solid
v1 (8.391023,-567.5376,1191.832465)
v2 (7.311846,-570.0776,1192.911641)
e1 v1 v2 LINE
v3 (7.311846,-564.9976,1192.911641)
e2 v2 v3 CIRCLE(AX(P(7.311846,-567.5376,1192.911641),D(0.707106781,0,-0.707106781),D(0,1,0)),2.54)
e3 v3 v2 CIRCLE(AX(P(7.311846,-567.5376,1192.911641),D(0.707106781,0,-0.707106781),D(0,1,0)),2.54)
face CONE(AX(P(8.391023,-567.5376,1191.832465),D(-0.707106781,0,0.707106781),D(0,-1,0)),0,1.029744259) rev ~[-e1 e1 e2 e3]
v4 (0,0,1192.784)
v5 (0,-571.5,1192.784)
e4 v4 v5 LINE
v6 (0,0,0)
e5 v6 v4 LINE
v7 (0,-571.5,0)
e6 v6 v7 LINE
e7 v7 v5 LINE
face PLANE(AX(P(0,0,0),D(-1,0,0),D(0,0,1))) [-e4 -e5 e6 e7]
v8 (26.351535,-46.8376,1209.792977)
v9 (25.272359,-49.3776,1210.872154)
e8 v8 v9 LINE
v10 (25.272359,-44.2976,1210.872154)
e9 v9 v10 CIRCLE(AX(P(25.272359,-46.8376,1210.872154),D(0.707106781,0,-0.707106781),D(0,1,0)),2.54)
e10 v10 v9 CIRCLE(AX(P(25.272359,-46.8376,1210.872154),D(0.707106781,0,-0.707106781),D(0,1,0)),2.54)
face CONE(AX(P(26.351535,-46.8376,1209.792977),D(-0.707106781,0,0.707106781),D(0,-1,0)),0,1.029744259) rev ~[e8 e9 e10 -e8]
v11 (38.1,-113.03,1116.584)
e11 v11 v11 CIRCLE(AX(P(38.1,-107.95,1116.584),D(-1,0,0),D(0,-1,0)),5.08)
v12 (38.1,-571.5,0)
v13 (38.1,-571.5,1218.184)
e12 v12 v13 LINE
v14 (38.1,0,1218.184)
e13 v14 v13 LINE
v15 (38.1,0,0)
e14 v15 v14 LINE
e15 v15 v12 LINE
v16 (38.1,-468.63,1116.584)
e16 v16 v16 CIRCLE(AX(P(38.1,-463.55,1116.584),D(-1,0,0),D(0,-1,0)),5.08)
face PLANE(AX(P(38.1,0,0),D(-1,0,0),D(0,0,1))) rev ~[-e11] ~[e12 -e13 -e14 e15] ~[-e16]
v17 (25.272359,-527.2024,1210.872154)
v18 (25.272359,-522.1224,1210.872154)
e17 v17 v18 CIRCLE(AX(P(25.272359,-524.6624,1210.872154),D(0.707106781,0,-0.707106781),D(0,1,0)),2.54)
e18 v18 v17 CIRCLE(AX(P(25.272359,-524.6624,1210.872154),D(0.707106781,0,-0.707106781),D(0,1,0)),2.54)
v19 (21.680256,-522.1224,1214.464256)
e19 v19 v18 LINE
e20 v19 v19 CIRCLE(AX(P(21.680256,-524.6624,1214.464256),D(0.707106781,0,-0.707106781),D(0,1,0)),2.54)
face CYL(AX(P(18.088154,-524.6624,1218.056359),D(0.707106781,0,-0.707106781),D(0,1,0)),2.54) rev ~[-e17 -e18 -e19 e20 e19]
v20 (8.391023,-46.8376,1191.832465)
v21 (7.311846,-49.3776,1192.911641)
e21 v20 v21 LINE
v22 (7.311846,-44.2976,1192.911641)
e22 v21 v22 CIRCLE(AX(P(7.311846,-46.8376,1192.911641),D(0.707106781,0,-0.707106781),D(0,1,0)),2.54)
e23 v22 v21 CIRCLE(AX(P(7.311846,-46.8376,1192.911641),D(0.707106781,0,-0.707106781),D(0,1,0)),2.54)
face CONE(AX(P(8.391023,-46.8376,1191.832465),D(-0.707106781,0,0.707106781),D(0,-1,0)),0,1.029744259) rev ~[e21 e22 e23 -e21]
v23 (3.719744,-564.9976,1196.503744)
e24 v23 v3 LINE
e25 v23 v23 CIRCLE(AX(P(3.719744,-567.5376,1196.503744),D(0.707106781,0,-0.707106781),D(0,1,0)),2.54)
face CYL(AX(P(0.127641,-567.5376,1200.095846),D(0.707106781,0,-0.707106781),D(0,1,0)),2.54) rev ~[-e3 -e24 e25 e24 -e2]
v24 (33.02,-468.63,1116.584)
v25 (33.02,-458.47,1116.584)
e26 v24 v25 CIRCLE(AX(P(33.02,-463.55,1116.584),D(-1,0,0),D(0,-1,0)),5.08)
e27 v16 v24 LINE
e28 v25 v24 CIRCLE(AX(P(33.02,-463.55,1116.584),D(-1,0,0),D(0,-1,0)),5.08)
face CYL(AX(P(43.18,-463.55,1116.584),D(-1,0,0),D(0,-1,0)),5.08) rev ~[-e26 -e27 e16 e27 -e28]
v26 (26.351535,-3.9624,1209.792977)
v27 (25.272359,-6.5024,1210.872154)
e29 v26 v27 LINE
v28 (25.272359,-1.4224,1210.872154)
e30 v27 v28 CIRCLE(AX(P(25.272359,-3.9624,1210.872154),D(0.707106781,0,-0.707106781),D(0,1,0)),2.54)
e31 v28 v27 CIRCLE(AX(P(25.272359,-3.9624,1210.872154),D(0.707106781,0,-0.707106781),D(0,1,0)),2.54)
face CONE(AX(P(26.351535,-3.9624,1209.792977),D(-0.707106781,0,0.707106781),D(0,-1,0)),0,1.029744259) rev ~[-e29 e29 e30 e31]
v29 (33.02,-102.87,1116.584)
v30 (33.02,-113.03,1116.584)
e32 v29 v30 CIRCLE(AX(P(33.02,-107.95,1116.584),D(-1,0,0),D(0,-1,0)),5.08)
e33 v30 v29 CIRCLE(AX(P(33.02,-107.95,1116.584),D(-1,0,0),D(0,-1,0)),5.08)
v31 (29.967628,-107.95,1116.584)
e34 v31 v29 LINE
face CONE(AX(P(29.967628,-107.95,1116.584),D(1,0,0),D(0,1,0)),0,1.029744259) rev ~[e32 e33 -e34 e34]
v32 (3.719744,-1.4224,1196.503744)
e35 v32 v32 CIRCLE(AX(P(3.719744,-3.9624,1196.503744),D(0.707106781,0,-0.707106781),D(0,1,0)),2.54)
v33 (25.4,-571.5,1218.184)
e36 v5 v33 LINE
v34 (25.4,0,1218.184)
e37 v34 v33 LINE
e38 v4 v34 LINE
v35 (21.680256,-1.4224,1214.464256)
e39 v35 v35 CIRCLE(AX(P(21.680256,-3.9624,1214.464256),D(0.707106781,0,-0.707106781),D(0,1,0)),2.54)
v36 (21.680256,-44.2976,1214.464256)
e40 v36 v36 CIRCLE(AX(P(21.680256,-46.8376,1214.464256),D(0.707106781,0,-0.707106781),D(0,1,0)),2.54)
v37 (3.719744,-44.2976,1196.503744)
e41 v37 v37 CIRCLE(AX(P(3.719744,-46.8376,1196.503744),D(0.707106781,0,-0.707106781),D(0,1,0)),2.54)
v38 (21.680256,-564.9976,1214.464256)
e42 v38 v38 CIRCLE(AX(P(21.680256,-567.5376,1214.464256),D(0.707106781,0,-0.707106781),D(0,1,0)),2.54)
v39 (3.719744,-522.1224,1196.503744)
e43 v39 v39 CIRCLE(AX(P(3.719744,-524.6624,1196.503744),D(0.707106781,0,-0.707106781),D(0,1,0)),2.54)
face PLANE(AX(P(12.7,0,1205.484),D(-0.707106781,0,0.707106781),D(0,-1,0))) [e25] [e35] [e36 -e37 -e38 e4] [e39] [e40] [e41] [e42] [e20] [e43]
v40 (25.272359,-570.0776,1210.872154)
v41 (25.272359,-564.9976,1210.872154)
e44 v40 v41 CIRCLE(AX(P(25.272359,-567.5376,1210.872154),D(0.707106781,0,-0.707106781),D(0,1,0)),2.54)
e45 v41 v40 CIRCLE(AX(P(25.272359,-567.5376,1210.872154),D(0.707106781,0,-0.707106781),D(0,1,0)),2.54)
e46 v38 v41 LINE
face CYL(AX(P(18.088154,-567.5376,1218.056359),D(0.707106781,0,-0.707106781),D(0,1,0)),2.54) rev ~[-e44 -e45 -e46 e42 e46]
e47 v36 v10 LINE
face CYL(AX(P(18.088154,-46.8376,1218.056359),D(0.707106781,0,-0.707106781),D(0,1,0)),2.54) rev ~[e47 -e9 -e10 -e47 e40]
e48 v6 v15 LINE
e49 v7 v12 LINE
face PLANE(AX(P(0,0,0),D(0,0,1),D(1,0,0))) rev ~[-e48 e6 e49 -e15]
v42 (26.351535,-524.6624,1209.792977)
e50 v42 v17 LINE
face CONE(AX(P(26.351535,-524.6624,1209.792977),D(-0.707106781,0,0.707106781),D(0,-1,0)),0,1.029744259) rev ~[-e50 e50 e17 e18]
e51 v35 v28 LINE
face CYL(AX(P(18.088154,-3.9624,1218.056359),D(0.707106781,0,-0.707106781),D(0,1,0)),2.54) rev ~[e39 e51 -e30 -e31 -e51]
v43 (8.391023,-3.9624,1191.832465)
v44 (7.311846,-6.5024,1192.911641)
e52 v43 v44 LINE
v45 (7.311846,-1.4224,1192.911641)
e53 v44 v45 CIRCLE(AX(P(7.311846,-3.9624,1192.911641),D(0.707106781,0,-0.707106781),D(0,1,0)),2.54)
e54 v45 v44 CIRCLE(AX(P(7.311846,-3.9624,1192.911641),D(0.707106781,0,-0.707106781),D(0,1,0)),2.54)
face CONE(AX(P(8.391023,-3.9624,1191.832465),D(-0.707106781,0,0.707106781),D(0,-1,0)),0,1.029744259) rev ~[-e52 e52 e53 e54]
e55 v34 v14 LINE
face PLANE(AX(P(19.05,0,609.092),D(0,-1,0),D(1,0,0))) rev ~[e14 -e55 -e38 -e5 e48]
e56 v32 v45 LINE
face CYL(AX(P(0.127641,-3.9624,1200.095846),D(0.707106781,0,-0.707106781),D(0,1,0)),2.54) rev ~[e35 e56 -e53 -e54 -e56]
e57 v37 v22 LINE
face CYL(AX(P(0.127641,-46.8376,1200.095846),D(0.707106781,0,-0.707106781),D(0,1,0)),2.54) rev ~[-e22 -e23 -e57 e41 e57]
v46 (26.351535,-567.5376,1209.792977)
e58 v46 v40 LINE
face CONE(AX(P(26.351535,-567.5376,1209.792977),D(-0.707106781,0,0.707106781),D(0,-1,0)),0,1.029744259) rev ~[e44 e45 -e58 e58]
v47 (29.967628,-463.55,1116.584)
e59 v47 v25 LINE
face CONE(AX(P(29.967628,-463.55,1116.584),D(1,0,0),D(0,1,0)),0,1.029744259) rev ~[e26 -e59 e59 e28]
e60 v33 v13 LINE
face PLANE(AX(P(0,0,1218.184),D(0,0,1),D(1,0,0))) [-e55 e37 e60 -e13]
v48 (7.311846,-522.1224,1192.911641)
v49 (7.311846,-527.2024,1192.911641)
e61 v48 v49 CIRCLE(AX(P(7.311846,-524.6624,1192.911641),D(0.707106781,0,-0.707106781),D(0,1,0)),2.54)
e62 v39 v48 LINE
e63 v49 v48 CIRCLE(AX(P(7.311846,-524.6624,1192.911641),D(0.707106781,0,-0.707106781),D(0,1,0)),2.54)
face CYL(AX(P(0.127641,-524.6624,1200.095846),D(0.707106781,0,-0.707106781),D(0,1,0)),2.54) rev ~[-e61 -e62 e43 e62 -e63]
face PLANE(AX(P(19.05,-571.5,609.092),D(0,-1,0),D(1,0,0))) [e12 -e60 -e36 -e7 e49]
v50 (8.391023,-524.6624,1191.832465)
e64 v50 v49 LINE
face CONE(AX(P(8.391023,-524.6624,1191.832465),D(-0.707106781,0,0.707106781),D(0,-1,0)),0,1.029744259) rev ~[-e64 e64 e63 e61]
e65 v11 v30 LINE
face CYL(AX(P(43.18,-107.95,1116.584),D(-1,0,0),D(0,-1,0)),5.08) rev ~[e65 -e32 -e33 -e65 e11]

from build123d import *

# Parameters (mm, degrees)
F0_W     = 38.1
F0_H     = 1218.184
F1_DEPTH = 571.5
F2_SIZE2 = 25.4
F2_SIZE  = 25.4
F4_D     = 5.08
F4_DEPTH = 5.08
F4_TIP   = 1.5261859723
F6_D     = 10.16
F6_DEPTH = 5.08
F6_TIP   = 3.0523719447


with BuildPart() as f1:
    # F0 (on Front) → F1 (new body)
    with BuildSketch(Plane.XZ):
        with Locations((19.05, 609.092)):
            Rectangle(F0_W, F0_H)
    extrude(amount=F1_DEPTH)

    # F2
    f2_edges = [f1.edges().sort_by_distance(p)[0] for p in [
        (0, -285.75, 1218.184),
    ]]
    chamfer(f2_edges, length=F2_SIZE, length2=F2_SIZE2)

    # F4
    with Locations(Plane(origin=(-596.392, 0, 596.392), x_dir=(0, -1, 0), z_dir=(-0.7071067812, 0, 0.7071067812))):
        with Locations((3.9624, 874.086167133), (3.9624, 848.686167133), (46.8376, 874.086167133), (46.8376, 848.686167133), (524.6624, 874.086167133), (524.6624, 848.686167133), (567.5376, 848.686167133), (567.5376, 874.086167133)):
            Hole(F4_D / 2, depth=F4_DEPTH)
            with Locations((0, 0, -(F4_DEPTH + F4_TIP / 2))):  # 118° drill point
                Cone(0, F4_D / 2, F4_TIP, mode=Mode.SUBTRACT)

    # F6
    with Locations(Plane.YZ.offset(38.1)):
        with Locations((-463.55, 1116.584), (-107.95, 1116.584)):
            Hole(F6_D / 2, depth=F6_DEPTH)
            with Locations((0, 0, -(F6_DEPTH + F6_TIP / 2))):  # 118° drill point
                Cone(0, F6_D / 2, F6_TIP, mode=Mode.SUBTRACT)


solid = f1.part
